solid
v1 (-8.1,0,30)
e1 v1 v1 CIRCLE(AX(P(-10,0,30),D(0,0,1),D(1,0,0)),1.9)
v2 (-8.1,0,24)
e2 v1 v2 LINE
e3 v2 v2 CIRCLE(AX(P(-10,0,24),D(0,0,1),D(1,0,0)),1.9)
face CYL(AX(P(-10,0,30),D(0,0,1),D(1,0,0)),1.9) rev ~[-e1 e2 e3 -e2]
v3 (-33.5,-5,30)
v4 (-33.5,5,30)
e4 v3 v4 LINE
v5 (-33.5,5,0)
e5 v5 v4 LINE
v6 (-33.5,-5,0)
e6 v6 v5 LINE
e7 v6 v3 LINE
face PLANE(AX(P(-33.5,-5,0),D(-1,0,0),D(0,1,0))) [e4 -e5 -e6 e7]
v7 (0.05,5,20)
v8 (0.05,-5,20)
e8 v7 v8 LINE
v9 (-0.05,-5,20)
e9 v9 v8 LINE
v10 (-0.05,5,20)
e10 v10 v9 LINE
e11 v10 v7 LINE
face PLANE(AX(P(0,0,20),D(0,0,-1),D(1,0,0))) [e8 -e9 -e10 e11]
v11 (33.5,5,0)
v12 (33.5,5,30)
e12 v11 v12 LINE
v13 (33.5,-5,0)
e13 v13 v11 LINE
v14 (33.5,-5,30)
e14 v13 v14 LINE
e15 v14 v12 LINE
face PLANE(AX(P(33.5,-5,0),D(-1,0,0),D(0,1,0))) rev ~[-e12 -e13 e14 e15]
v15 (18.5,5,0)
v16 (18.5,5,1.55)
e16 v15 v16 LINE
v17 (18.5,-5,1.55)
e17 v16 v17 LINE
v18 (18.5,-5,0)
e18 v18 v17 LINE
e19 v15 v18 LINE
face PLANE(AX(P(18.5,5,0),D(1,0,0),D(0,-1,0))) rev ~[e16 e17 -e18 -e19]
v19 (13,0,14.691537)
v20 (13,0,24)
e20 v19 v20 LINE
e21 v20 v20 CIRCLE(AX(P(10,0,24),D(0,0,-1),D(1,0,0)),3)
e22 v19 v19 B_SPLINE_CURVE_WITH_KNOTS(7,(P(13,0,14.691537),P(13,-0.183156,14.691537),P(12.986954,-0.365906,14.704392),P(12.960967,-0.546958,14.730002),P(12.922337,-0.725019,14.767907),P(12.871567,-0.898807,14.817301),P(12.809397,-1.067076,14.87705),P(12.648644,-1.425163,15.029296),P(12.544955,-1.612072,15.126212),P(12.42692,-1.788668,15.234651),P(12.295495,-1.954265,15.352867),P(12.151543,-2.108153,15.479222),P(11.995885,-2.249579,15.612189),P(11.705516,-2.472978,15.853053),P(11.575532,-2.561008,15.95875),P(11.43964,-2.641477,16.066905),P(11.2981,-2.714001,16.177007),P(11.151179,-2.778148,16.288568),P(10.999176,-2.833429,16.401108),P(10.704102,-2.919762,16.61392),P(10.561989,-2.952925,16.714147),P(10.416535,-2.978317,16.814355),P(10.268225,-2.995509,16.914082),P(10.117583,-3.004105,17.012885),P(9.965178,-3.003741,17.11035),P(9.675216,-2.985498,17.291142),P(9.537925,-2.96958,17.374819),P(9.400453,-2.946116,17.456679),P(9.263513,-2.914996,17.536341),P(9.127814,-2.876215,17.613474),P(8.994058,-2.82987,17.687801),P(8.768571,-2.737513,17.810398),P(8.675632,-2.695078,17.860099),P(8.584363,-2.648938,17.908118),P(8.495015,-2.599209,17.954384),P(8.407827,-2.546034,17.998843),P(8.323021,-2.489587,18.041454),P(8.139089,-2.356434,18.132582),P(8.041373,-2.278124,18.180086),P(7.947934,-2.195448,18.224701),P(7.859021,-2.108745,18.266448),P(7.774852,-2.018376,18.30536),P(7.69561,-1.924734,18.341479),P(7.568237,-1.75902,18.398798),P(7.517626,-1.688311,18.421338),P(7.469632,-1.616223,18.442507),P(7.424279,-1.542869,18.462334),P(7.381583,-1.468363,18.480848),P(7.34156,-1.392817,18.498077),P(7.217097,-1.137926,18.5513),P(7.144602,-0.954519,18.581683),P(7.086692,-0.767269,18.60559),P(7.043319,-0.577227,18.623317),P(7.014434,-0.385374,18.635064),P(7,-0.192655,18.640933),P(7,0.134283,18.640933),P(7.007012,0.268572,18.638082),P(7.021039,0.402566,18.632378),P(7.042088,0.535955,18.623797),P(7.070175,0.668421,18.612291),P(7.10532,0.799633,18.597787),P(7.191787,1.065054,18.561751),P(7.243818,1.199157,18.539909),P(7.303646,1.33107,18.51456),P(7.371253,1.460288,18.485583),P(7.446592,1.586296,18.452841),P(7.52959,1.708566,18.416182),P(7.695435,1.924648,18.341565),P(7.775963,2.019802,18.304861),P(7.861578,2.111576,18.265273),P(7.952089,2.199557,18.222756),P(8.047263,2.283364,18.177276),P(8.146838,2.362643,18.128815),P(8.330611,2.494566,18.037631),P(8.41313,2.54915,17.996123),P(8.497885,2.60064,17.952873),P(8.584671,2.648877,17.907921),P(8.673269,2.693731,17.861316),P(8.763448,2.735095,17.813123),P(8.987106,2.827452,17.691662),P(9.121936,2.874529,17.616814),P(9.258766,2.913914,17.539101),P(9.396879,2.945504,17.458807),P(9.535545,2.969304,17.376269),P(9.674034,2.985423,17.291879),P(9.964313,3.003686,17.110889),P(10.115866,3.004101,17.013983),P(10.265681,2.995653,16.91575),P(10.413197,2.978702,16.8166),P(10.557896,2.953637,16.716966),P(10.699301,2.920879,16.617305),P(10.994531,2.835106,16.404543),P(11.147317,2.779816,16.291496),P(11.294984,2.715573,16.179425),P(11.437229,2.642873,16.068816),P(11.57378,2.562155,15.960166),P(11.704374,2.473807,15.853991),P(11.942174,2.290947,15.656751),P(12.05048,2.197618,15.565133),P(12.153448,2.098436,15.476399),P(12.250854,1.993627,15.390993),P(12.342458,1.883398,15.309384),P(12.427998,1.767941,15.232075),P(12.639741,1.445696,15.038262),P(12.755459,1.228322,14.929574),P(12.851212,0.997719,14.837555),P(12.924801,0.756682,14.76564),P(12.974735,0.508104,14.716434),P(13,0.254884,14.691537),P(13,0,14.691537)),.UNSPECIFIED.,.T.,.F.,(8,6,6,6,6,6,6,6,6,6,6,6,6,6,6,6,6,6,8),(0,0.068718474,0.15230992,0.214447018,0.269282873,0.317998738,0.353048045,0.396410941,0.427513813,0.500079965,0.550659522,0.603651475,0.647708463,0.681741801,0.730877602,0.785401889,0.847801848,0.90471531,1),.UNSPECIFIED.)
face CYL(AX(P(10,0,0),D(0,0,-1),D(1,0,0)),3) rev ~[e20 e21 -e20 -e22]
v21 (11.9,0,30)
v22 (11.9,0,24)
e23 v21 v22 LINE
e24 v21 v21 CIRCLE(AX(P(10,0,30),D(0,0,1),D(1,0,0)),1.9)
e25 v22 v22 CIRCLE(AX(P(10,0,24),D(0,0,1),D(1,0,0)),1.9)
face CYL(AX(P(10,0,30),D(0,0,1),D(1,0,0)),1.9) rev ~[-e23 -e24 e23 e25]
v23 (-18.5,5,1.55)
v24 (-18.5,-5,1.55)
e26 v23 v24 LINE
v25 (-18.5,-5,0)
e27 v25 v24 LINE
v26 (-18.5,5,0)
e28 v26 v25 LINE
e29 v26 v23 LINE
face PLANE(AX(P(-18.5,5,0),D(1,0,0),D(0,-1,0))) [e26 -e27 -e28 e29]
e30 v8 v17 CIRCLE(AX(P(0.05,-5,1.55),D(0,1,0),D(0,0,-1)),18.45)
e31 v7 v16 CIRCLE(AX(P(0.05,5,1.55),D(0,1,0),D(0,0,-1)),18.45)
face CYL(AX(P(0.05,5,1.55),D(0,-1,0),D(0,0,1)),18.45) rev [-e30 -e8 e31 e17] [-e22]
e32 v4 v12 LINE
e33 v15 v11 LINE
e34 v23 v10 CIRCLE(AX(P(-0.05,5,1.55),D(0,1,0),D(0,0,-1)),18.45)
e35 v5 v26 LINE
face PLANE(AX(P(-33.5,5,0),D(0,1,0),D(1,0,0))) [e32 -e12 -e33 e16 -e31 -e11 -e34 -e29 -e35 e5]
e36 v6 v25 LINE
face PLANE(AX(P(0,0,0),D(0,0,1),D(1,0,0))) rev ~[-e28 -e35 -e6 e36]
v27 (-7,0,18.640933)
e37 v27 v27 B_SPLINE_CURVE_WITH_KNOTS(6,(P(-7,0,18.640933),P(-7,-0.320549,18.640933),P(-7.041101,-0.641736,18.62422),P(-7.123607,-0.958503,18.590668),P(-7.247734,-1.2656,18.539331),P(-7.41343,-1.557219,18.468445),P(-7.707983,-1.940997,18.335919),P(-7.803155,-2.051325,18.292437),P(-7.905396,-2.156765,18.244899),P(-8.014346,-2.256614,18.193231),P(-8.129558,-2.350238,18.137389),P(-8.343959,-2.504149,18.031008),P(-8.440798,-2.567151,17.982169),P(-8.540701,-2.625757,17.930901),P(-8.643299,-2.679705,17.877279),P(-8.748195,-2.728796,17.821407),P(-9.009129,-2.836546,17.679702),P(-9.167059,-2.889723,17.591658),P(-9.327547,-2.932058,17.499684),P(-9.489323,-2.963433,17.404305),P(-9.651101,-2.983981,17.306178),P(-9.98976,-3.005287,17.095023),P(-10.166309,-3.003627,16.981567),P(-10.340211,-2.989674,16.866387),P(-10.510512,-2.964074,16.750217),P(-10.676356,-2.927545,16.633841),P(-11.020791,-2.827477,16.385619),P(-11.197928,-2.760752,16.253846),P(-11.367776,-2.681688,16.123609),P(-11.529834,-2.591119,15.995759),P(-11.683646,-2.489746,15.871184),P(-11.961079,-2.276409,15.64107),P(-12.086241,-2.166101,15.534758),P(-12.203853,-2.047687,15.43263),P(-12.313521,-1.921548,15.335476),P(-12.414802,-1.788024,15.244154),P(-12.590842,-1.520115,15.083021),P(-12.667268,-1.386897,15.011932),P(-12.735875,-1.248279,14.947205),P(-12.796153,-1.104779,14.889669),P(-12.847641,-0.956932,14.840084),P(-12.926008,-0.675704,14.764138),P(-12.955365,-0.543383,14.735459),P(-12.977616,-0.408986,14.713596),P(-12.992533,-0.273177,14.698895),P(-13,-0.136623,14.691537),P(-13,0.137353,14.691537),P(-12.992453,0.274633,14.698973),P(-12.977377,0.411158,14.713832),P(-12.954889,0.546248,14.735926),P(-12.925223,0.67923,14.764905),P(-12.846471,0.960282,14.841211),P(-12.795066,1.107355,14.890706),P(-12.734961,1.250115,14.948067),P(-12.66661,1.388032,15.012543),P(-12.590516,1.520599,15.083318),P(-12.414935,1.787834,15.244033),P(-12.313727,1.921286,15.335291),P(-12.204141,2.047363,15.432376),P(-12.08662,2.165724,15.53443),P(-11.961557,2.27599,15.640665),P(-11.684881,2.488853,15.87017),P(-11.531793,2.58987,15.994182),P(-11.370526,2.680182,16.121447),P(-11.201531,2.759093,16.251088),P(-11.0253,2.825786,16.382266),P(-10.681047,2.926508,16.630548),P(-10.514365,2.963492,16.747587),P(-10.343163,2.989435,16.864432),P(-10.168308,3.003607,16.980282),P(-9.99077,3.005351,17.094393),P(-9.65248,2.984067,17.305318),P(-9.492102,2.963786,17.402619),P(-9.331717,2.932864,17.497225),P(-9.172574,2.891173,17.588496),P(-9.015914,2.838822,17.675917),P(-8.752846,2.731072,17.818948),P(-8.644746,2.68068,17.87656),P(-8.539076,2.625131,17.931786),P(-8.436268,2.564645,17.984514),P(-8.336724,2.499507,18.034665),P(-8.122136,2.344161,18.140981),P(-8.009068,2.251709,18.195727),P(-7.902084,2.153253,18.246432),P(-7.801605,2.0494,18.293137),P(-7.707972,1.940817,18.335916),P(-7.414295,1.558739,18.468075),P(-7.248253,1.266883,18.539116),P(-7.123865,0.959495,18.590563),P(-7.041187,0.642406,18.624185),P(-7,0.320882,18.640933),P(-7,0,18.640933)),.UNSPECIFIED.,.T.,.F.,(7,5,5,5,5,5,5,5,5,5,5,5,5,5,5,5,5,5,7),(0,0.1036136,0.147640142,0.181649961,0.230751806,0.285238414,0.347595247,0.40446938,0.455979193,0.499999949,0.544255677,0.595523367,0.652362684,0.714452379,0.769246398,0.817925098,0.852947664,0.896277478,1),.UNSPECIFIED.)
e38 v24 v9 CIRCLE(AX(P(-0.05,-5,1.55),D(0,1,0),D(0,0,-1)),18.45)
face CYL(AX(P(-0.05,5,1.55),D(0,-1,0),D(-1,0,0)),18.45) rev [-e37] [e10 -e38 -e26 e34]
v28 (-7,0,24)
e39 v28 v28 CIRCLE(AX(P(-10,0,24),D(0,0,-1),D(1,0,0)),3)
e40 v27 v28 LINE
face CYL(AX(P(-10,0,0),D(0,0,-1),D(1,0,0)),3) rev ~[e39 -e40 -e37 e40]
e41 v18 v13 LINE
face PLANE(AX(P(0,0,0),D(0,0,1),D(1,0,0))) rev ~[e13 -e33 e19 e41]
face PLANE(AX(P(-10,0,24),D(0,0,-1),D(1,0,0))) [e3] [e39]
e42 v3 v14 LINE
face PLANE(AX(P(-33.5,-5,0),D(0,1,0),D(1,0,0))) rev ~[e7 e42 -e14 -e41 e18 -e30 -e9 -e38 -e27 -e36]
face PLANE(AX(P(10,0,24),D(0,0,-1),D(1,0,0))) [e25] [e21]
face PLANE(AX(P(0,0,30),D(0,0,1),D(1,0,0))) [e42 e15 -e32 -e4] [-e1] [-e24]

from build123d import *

# Parameters (mm, degrees)
SKETCH_W        = 67
SKETCH_H        = 10
PAD_DEPTH       = 30
SKETCH001_W     = 37
SKETCH001_H     = 10
POCKET_DEPTH    = 20
FILLET_R        = 18.45
SKETCH002_R     = 3
POCKET001_DEPTH = 24
SKETCH003_R     = 1.9
POCKET002_DEPTH = 6


with BuildPart() as part:
    # Sketch → Pad (new body)
    with BuildSketch(Plane.XY):
        Rectangle(SKETCH_W, SKETCH_H)
    extrude(amount=PAD_DEPTH)

    # Sketch001 (on Face5 of Pad) → Pocket (cut)
    with BuildSketch(Plane(origin=(0, 0, 0), x_dir=(1, 0, 0), z_dir=(0, 0, -1))):
        Rectangle(SKETCH001_W, SKETCH001_H)
    extrude(amount=-POCKET_DEPTH, mode=Mode.SUBTRACT)

    # Fillet
    fillet_edges = [part.edges().sort_by_distance(p)[0] for p in [
        (-18.5, 0, 20),
        (18.5, 0, 20),
    ]]
    fillet(fillet_edges, radius=FILLET_R)

    # Sketch002 (on Face4 of Fillet) → Pocket001 (cut)
    with BuildSketch(Plane(origin=(0, 0, 0), x_dir=(1, 0, 0), z_dir=(0, 0, -1))):
        with Locations((-10, 0)):
            Circle(SKETCH002_R)
        with Locations((10, 0)):
            Circle(SKETCH002_R)
    extrude(amount=-POCKET001_DEPTH, mode=Mode.SUBTRACT)

    # Sketch003 (on Face8 of Pocket001) → Pocket002 (cut)
    with BuildSketch(Plane.XY.offset(30)):
        with Locations((-10, 0)):
            Circle(SKETCH003_R)
        with Locations((10, 0)):
            Circle(SKETCH003_R)
    extrude(amount=-POCKET002_DEPTH, mode=Mode.SUBTRACT)


solid = part.part
